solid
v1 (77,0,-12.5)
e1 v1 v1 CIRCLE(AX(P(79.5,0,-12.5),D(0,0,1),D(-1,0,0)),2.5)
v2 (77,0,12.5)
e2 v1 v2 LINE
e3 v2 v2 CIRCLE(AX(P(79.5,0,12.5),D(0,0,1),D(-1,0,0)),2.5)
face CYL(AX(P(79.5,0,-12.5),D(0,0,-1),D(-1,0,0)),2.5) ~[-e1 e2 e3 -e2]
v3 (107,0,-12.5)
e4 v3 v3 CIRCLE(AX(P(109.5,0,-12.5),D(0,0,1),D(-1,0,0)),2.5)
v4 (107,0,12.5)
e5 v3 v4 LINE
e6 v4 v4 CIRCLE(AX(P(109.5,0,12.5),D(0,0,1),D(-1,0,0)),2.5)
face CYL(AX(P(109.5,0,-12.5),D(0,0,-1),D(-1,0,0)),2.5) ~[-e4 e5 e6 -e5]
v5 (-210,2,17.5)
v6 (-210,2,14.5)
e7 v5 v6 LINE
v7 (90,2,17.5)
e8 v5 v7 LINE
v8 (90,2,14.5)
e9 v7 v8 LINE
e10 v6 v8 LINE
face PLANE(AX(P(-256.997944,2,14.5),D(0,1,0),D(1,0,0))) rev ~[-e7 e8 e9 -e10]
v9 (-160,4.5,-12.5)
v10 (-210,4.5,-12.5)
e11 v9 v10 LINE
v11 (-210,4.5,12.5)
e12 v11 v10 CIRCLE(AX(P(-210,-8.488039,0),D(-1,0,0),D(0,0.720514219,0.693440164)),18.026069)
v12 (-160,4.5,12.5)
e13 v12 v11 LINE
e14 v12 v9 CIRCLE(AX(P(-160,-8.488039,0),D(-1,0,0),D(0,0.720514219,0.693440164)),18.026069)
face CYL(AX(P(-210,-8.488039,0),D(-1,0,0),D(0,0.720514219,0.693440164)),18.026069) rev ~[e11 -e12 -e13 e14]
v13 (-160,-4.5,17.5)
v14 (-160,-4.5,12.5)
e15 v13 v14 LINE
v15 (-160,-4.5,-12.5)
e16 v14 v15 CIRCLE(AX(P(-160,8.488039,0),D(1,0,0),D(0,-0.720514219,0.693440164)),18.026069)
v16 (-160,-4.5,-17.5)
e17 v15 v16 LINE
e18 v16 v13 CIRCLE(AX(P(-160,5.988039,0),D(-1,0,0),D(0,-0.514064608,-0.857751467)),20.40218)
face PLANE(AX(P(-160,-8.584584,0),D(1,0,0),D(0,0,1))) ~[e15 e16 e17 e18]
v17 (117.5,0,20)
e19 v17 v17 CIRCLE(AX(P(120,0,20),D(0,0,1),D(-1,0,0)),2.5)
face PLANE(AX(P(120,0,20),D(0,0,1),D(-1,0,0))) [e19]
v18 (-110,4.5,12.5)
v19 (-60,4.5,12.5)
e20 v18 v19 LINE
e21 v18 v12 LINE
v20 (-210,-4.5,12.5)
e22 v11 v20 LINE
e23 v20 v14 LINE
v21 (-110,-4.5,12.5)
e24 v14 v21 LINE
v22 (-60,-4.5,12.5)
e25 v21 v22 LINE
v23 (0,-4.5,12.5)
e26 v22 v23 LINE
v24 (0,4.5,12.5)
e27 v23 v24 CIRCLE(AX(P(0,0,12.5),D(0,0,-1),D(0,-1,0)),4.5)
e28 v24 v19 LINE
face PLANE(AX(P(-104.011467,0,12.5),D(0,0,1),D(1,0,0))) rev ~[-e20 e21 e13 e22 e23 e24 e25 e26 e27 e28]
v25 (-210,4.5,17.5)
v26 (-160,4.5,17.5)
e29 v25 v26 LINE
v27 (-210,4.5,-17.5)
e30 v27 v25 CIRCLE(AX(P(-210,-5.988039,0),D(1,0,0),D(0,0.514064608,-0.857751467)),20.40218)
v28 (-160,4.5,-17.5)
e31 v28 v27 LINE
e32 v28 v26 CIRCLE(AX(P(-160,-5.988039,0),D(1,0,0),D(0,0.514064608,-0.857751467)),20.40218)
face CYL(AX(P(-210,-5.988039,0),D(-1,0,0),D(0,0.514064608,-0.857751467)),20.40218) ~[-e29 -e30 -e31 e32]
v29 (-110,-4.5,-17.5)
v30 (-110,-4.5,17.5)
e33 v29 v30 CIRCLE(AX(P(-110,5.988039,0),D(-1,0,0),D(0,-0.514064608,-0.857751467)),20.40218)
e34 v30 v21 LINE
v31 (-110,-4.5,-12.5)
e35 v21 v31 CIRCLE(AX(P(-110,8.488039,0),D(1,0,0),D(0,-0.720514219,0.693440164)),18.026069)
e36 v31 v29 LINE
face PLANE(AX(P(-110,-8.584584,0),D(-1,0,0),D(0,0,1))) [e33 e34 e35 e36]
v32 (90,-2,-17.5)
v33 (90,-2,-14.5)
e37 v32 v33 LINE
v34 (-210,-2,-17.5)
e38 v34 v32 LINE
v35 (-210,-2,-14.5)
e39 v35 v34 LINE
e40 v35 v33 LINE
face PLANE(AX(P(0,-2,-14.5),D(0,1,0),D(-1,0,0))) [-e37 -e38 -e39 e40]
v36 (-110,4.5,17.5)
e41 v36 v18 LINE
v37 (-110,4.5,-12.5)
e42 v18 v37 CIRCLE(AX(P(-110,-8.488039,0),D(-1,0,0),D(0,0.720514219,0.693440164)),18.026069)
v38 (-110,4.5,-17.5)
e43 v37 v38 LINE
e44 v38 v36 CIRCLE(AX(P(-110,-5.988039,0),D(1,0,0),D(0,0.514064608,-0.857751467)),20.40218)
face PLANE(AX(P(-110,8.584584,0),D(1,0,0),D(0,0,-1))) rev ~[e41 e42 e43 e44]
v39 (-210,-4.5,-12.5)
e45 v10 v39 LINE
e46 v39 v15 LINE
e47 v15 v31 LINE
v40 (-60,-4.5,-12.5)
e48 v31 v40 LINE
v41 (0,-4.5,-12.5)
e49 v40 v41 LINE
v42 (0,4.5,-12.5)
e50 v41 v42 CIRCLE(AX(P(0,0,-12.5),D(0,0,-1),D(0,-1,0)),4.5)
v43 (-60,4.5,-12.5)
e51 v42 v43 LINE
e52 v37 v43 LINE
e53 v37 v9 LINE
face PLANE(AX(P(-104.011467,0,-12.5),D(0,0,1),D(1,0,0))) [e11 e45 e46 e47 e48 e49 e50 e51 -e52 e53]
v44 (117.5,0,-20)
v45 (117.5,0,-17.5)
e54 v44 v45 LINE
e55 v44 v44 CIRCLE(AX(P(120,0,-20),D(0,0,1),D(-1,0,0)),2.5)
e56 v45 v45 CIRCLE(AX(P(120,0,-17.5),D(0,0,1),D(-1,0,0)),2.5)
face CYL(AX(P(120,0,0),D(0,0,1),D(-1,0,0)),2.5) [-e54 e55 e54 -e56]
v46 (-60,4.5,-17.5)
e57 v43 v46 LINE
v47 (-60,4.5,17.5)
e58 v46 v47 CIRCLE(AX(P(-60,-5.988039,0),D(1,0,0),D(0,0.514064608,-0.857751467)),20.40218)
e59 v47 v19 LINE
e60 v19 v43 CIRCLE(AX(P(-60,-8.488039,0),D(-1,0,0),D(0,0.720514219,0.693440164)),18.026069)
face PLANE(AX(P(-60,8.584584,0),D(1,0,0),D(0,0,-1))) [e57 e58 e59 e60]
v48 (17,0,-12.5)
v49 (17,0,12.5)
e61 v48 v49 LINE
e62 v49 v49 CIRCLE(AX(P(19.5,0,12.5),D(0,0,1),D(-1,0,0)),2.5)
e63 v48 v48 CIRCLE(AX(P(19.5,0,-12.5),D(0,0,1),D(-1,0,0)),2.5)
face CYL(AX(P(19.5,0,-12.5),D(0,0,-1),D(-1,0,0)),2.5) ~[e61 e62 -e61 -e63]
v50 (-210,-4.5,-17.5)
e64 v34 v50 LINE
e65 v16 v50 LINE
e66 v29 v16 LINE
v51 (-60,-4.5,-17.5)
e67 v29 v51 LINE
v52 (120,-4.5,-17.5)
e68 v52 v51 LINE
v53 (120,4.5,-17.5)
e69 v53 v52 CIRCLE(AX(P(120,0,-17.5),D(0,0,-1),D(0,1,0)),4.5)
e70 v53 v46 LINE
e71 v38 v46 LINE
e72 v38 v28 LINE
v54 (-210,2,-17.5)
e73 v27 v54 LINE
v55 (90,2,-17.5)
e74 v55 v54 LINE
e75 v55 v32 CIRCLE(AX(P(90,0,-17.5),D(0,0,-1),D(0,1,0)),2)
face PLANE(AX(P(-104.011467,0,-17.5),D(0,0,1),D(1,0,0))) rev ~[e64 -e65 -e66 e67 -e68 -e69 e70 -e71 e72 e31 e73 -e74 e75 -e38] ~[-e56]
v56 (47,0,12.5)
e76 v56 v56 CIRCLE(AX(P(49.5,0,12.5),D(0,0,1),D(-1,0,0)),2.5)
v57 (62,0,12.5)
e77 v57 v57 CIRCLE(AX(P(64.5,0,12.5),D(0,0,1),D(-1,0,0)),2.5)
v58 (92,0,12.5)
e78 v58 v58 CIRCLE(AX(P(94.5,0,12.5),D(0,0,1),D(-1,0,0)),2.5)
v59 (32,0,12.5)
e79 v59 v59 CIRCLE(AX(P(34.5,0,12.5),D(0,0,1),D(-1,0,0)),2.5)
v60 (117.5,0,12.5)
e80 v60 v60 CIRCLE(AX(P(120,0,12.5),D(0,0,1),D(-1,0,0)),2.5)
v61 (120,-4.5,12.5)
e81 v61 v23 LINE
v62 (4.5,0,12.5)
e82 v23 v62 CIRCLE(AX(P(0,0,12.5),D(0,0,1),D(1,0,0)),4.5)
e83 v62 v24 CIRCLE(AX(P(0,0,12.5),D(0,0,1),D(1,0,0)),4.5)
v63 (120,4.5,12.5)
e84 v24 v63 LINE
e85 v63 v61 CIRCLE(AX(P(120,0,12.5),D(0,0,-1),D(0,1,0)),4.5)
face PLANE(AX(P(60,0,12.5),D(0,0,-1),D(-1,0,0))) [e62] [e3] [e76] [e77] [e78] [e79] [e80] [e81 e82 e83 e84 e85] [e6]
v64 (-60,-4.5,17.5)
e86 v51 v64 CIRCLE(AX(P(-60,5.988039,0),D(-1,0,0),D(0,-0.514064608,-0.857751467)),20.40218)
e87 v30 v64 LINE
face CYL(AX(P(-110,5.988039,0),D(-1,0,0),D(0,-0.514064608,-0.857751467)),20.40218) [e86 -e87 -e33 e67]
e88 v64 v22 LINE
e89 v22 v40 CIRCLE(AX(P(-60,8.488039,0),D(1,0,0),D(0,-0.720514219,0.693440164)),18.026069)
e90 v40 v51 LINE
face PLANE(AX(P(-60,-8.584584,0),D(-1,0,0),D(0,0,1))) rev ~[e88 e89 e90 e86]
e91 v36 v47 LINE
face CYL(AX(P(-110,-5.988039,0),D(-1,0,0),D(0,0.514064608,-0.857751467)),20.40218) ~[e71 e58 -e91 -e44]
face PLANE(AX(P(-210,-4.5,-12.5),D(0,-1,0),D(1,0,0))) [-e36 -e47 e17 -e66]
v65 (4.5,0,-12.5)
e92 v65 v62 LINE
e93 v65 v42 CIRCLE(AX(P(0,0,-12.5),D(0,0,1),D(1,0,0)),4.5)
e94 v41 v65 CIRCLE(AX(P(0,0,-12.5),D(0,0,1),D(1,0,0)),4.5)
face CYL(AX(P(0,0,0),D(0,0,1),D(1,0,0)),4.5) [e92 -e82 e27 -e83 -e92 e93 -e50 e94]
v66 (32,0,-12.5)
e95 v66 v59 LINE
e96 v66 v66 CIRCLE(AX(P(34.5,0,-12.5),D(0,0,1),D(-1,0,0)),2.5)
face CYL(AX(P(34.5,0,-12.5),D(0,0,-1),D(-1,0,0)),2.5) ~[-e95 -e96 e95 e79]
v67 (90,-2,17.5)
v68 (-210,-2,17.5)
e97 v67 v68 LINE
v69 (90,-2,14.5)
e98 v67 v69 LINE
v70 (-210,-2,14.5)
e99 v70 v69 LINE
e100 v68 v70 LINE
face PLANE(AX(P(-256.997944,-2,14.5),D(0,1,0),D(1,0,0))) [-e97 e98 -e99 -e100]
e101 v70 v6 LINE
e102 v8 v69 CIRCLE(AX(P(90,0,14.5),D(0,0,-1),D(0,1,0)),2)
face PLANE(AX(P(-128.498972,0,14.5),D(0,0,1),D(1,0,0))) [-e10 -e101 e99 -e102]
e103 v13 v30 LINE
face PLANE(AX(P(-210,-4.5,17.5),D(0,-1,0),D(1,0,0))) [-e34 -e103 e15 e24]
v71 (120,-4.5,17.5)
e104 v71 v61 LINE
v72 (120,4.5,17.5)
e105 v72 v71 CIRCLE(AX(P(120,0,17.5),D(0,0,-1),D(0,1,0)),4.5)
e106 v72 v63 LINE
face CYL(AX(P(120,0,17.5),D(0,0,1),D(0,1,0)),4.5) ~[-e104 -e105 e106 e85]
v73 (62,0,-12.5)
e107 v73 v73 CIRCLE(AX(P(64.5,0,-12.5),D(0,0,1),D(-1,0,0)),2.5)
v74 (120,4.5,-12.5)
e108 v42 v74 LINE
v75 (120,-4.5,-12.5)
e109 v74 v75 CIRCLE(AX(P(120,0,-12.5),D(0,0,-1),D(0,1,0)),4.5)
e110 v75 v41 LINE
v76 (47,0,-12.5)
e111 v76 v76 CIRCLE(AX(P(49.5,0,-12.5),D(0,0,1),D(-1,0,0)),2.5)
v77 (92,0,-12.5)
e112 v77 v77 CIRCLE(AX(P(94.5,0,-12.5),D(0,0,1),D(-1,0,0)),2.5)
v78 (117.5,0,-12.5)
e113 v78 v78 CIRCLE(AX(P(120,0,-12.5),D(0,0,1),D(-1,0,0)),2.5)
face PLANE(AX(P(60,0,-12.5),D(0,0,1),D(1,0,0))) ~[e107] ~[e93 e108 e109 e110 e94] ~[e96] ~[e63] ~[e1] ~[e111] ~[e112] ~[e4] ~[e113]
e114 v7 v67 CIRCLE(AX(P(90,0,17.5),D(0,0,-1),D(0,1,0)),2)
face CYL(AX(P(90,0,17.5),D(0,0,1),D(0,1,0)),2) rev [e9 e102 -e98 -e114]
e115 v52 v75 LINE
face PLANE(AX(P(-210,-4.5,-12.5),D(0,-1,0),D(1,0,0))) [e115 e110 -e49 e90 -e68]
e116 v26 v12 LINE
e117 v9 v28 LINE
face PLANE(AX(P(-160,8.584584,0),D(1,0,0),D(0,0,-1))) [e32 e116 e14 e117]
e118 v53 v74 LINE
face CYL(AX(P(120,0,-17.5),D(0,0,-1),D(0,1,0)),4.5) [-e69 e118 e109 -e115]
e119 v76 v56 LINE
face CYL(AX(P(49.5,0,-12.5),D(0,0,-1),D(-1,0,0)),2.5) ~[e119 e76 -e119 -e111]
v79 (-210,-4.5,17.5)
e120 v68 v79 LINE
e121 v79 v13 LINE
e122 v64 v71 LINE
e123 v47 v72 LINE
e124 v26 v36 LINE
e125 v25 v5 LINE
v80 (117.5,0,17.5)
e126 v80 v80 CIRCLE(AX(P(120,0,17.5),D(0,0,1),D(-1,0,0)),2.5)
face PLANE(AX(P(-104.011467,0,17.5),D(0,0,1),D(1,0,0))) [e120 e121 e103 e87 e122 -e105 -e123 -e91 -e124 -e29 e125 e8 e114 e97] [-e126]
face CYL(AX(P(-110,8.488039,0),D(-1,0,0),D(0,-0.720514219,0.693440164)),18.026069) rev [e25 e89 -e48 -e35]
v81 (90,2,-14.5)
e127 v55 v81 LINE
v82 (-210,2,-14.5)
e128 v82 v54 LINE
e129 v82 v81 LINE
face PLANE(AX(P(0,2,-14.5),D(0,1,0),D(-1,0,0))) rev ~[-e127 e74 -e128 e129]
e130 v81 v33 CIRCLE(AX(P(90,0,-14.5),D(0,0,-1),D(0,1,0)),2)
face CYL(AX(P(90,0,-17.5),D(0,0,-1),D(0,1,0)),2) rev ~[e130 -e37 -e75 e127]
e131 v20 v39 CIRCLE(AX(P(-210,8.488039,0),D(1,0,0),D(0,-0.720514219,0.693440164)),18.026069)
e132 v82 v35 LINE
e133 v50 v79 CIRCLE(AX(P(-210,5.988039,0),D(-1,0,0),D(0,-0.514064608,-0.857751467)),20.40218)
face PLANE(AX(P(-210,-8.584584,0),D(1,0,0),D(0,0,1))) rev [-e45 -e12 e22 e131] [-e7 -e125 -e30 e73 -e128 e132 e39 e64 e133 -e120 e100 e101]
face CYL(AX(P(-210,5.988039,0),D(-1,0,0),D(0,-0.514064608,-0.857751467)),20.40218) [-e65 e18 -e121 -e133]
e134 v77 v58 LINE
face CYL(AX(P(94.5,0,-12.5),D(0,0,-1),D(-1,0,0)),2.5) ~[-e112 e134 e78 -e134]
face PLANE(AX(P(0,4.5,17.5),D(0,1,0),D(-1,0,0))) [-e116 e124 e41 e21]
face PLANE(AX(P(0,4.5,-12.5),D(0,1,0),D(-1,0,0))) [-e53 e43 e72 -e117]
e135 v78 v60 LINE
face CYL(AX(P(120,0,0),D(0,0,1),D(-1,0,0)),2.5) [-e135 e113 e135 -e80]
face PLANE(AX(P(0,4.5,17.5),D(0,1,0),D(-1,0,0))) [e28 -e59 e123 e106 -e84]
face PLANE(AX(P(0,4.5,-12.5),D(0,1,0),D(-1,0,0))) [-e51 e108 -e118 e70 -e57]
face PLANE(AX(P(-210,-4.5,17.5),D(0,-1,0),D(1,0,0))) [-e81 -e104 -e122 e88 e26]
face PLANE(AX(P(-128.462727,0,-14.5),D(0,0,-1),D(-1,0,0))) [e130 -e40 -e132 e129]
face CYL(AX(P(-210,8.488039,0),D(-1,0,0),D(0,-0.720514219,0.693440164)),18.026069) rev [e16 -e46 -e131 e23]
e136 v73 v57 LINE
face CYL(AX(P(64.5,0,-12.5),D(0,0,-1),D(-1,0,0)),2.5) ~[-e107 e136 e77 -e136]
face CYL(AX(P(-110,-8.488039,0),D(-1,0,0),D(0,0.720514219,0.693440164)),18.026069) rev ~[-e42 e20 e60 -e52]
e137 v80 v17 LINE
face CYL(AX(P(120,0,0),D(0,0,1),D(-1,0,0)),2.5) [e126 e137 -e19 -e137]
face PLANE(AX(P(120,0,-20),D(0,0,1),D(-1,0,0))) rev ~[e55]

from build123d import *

# Parameters (mm, degrees)
CROQUIS1_R              = 4.5
SALIENTE_EXTRUIR1_DEPTH = 12.5
SALIENTE_EXTRUIR2_START = 5
SALIENTE_EXTRUIR2_DEPTH = 5
CROQUIS4_R              = 2.5
SALIENTE_EXTRUIR3_DEPTH = 20
CORTAR_EXTRUIR1_DEPTH   = 3
SALIENTE_EXTRUIR4_START = -5
SALIENTE_EXTRUIR4_DEPTH = 5
CROQUIS7_W              = 256.925453937
CROQUIS7_H              = 4
CORTAR_EXTRUIR2_DEPTH   = 10
SALIENTE_EXTRUIR6_DEPTH = 5
CROQUIS9_W              = 256.997943919
CROQUIS9_H              = 4
CORTAR_EXTRUIR3_DEPTH   = 10
CROQUIS10_R             = 2.5
SALIENTE_EXTRUIR7_DEPTH = 25
SALIENTE_EXTRUIR9_DEPTH = 50
MATRIZL1_COUNT          = 2
MATRIZL1_PITCH          = 100
MATRIZL1_COPY_1_DEPTH   = 50


with BuildPart() as part:
    # Croquis1 → Saliente-Extruir1 (new, symmetric)
    with BuildSketch(Plane.XY):
        Circle(CROQUIS1_R)
    extrude(amount=SALIENTE_EXTRUIR1_DEPTH, both=True)

    # Croquis2 → Saliente-Extruir2 (add)
    with BuildSketch(Plane.XY.offset(12.5).offset(SALIENTE_EXTRUIR2_START)):
        with BuildLine():
            Line((0, 4.5), (120, 4.5))
            ThreePointArc((120, 4.5), (124.5, 0), (120, -4.5))
            Line((120, -4.5), (0, -4.5))
            ThreePointArc((0, -4.5), (-4.5, 0), (0, 4.5))
        make_face()
    saliente_extruir2 = extrude(amount=-SALIENTE_EXTRUIR2_DEPTH)

    # Simetría1: Saliente-Extruir2 across plane
    add(saliente_extruir2.mirror(Plane.XY))

    # Croquis4 → Saliente-Extruir3 (add, symmetric)
    with BuildSketch(Plane.XY):
        with Locations(Location((120, 0, 0), (0, 0, 180))):
            Circle(CROQUIS4_R)
    extrude(amount=SALIENTE_EXTRUIR3_DEPTH, both=True)

    # Croquis5 → Cortar-Extruir1 (cut)
    with BuildSketch(Plane.XY.offset(17.5)):
        with BuildLine():
            Line((0, 2), (90, 2))
            ThreePointArc((90, 2), (92, 0), (90, -2))
            Line((90, -2), (0, -2))
            ThreePointArc((0, -2), (-2, 0), (0, 2))
        make_face()
    cortar_extruir1 = extrude(amount=-CORTAR_EXTRUIR1_DEPTH, mode=Mode.SUBTRACT)

    # Simetría2: Cortar-Extruir1 across plane
    add(cortar_extruir1.mirror(Plane.XY), mode=Mode.SUBTRACT)

    # Croquis6 → Saliente-Extruir4 (add)
    with BuildSketch(Plane(origin=(0, 0, -17.5), x_dir=(-1, 0, 0), z_dir=(0, 0, -1)).offset(SALIENTE_EXTRUIR4_START)):
        with BuildLine():
            Line((0, 4.5), (210, 4.5))
            Line((210, 4.5), (210, -4.5))
            Line((210, -4.5), (0, -4.5))
            ThreePointArc((0, -4.5), (4.5, 0), (0, 4.5))
        make_face()
    extrude(amount=SALIENTE_EXTRUIR4_DEPTH)

    # Croquis7 → Cortar-Extruir2 (cut)
    with BuildSketch(Plane(origin=(0, 0, -14.5), x_dir=(-1, 0, 0), z_dir=(0, 0, -1))):
        with Locations((128.462726969, 0)):
            Rectangle(CROQUIS7_W, CROQUIS7_H)
    extrude(amount=CORTAR_EXTRUIR2_DEPTH, mode=Mode.SUBTRACT)

    # Croquis8 → Saliente-Extruir6 (add)
    with BuildSketch(Plane.XY.offset(17.5)):
        with BuildLine():
            Line((0, 4.5), (-210, 4.5))
            Line((-210, 4.5), (-210, -4.5))
            Line((-210, -4.5), (0, -4.5))
            ThreePointArc((0, -4.5), (-4.5, 0), (0, 4.5))
        make_face()
    extrude(amount=-SALIENTE_EXTRUIR6_DEPTH)

    # Croquis9 → Cortar-Extruir3 (cut)
    with BuildSketch(Plane.XY.offset(14.5)):
        with Locations((-128.49897196, 0)):
            Rectangle(CROQUIS9_W, CROQUIS9_H)
    extrude(amount=CORTAR_EXTRUIR3_DEPTH, mode=Mode.SUBTRACT)

    # Croquis10 → Saliente-Extruir7 (add)
    with BuildSketch(Plane.XY.offset(-12.5)):
        with Locations(Location((109.5, 0, 0), (0, 0, 180))):
            Circle(CROQUIS10_R)
        with Locations(Location((94.5, 0, 0), (0, 0, 180))):
            Circle(CROQUIS10_R)
        with Locations(Location((79.5, 0, 0), (0, 0, 180))):
            Circle(CROQUIS10_R)
        with Locations(Location((64.5, 0, 0), (0, 0, 180))):
            Circle(CROQUIS10_R)
        with Locations(Location((49.5, 0, 0), (0, 0, 180))):
            Circle(CROQUIS10_R)
        with Locations(Location((34.5, 0, 0), (0, 0, 180))):
            Circle(CROQUIS10_R)
        with Locations(Location((19.5, 0, 0), (0, 0, 180))):
            Circle(CROQUIS10_R)
    extrude(amount=SALIENTE_EXTRUIR7_DEPTH)

    # Croquis13 → Saliente-Extruir9 (add)
    with BuildSketch(Plane.ZY.offset(210)):
        with BuildLine():
            Line((17.5, 4.5), (12.5, 4.5))
            ThreePointArc((12.5, 4.5), (0, 9.538029883), (-12.5, 4.5))
            Line((-12.5, 4.5), (-17.5, 4.5))
            ThreePointArc((-17.5, 4.5), (0, 14.414141438), (17.5, 4.5))
        make_face()
    saliente_extruir9 = extrude(amount=-SALIENTE_EXTRUIR9_DEPTH)

    # Simetría3: Saliente-Extruir9 across plane
    add(saliente_extruir9.mirror(Plane.ZX))

    # MatrizL1: Saliente-Extruir9 ×2
    with Locations(*[(i * MATRIZL1_PITCH, 0, 0) for i in range(1, MATRIZL1_COUNT)]):
        add(saliente_extruir9)

    # MatrizL1 copy 1 sketch → MatrizL1 copy 1 (add)
    with BuildSketch(Plane.ZY.offset(110)):
        with BuildLine():
            Line((17.5, -4.5), (12.5, -4.5))
            ThreePointArc((12.5, -4.5), (0, -9.538029883), (-12.5, -4.5))
            Line((-12.5, -4.5), (-17.5, -4.5))
            ThreePointArc((-17.5, -4.5), (0, -14.414141438), (17.5, -4.5))
        make_face()
    extrude(amount=-MATRIZL1_COPY_1_DEPTH)


solid = part.part
